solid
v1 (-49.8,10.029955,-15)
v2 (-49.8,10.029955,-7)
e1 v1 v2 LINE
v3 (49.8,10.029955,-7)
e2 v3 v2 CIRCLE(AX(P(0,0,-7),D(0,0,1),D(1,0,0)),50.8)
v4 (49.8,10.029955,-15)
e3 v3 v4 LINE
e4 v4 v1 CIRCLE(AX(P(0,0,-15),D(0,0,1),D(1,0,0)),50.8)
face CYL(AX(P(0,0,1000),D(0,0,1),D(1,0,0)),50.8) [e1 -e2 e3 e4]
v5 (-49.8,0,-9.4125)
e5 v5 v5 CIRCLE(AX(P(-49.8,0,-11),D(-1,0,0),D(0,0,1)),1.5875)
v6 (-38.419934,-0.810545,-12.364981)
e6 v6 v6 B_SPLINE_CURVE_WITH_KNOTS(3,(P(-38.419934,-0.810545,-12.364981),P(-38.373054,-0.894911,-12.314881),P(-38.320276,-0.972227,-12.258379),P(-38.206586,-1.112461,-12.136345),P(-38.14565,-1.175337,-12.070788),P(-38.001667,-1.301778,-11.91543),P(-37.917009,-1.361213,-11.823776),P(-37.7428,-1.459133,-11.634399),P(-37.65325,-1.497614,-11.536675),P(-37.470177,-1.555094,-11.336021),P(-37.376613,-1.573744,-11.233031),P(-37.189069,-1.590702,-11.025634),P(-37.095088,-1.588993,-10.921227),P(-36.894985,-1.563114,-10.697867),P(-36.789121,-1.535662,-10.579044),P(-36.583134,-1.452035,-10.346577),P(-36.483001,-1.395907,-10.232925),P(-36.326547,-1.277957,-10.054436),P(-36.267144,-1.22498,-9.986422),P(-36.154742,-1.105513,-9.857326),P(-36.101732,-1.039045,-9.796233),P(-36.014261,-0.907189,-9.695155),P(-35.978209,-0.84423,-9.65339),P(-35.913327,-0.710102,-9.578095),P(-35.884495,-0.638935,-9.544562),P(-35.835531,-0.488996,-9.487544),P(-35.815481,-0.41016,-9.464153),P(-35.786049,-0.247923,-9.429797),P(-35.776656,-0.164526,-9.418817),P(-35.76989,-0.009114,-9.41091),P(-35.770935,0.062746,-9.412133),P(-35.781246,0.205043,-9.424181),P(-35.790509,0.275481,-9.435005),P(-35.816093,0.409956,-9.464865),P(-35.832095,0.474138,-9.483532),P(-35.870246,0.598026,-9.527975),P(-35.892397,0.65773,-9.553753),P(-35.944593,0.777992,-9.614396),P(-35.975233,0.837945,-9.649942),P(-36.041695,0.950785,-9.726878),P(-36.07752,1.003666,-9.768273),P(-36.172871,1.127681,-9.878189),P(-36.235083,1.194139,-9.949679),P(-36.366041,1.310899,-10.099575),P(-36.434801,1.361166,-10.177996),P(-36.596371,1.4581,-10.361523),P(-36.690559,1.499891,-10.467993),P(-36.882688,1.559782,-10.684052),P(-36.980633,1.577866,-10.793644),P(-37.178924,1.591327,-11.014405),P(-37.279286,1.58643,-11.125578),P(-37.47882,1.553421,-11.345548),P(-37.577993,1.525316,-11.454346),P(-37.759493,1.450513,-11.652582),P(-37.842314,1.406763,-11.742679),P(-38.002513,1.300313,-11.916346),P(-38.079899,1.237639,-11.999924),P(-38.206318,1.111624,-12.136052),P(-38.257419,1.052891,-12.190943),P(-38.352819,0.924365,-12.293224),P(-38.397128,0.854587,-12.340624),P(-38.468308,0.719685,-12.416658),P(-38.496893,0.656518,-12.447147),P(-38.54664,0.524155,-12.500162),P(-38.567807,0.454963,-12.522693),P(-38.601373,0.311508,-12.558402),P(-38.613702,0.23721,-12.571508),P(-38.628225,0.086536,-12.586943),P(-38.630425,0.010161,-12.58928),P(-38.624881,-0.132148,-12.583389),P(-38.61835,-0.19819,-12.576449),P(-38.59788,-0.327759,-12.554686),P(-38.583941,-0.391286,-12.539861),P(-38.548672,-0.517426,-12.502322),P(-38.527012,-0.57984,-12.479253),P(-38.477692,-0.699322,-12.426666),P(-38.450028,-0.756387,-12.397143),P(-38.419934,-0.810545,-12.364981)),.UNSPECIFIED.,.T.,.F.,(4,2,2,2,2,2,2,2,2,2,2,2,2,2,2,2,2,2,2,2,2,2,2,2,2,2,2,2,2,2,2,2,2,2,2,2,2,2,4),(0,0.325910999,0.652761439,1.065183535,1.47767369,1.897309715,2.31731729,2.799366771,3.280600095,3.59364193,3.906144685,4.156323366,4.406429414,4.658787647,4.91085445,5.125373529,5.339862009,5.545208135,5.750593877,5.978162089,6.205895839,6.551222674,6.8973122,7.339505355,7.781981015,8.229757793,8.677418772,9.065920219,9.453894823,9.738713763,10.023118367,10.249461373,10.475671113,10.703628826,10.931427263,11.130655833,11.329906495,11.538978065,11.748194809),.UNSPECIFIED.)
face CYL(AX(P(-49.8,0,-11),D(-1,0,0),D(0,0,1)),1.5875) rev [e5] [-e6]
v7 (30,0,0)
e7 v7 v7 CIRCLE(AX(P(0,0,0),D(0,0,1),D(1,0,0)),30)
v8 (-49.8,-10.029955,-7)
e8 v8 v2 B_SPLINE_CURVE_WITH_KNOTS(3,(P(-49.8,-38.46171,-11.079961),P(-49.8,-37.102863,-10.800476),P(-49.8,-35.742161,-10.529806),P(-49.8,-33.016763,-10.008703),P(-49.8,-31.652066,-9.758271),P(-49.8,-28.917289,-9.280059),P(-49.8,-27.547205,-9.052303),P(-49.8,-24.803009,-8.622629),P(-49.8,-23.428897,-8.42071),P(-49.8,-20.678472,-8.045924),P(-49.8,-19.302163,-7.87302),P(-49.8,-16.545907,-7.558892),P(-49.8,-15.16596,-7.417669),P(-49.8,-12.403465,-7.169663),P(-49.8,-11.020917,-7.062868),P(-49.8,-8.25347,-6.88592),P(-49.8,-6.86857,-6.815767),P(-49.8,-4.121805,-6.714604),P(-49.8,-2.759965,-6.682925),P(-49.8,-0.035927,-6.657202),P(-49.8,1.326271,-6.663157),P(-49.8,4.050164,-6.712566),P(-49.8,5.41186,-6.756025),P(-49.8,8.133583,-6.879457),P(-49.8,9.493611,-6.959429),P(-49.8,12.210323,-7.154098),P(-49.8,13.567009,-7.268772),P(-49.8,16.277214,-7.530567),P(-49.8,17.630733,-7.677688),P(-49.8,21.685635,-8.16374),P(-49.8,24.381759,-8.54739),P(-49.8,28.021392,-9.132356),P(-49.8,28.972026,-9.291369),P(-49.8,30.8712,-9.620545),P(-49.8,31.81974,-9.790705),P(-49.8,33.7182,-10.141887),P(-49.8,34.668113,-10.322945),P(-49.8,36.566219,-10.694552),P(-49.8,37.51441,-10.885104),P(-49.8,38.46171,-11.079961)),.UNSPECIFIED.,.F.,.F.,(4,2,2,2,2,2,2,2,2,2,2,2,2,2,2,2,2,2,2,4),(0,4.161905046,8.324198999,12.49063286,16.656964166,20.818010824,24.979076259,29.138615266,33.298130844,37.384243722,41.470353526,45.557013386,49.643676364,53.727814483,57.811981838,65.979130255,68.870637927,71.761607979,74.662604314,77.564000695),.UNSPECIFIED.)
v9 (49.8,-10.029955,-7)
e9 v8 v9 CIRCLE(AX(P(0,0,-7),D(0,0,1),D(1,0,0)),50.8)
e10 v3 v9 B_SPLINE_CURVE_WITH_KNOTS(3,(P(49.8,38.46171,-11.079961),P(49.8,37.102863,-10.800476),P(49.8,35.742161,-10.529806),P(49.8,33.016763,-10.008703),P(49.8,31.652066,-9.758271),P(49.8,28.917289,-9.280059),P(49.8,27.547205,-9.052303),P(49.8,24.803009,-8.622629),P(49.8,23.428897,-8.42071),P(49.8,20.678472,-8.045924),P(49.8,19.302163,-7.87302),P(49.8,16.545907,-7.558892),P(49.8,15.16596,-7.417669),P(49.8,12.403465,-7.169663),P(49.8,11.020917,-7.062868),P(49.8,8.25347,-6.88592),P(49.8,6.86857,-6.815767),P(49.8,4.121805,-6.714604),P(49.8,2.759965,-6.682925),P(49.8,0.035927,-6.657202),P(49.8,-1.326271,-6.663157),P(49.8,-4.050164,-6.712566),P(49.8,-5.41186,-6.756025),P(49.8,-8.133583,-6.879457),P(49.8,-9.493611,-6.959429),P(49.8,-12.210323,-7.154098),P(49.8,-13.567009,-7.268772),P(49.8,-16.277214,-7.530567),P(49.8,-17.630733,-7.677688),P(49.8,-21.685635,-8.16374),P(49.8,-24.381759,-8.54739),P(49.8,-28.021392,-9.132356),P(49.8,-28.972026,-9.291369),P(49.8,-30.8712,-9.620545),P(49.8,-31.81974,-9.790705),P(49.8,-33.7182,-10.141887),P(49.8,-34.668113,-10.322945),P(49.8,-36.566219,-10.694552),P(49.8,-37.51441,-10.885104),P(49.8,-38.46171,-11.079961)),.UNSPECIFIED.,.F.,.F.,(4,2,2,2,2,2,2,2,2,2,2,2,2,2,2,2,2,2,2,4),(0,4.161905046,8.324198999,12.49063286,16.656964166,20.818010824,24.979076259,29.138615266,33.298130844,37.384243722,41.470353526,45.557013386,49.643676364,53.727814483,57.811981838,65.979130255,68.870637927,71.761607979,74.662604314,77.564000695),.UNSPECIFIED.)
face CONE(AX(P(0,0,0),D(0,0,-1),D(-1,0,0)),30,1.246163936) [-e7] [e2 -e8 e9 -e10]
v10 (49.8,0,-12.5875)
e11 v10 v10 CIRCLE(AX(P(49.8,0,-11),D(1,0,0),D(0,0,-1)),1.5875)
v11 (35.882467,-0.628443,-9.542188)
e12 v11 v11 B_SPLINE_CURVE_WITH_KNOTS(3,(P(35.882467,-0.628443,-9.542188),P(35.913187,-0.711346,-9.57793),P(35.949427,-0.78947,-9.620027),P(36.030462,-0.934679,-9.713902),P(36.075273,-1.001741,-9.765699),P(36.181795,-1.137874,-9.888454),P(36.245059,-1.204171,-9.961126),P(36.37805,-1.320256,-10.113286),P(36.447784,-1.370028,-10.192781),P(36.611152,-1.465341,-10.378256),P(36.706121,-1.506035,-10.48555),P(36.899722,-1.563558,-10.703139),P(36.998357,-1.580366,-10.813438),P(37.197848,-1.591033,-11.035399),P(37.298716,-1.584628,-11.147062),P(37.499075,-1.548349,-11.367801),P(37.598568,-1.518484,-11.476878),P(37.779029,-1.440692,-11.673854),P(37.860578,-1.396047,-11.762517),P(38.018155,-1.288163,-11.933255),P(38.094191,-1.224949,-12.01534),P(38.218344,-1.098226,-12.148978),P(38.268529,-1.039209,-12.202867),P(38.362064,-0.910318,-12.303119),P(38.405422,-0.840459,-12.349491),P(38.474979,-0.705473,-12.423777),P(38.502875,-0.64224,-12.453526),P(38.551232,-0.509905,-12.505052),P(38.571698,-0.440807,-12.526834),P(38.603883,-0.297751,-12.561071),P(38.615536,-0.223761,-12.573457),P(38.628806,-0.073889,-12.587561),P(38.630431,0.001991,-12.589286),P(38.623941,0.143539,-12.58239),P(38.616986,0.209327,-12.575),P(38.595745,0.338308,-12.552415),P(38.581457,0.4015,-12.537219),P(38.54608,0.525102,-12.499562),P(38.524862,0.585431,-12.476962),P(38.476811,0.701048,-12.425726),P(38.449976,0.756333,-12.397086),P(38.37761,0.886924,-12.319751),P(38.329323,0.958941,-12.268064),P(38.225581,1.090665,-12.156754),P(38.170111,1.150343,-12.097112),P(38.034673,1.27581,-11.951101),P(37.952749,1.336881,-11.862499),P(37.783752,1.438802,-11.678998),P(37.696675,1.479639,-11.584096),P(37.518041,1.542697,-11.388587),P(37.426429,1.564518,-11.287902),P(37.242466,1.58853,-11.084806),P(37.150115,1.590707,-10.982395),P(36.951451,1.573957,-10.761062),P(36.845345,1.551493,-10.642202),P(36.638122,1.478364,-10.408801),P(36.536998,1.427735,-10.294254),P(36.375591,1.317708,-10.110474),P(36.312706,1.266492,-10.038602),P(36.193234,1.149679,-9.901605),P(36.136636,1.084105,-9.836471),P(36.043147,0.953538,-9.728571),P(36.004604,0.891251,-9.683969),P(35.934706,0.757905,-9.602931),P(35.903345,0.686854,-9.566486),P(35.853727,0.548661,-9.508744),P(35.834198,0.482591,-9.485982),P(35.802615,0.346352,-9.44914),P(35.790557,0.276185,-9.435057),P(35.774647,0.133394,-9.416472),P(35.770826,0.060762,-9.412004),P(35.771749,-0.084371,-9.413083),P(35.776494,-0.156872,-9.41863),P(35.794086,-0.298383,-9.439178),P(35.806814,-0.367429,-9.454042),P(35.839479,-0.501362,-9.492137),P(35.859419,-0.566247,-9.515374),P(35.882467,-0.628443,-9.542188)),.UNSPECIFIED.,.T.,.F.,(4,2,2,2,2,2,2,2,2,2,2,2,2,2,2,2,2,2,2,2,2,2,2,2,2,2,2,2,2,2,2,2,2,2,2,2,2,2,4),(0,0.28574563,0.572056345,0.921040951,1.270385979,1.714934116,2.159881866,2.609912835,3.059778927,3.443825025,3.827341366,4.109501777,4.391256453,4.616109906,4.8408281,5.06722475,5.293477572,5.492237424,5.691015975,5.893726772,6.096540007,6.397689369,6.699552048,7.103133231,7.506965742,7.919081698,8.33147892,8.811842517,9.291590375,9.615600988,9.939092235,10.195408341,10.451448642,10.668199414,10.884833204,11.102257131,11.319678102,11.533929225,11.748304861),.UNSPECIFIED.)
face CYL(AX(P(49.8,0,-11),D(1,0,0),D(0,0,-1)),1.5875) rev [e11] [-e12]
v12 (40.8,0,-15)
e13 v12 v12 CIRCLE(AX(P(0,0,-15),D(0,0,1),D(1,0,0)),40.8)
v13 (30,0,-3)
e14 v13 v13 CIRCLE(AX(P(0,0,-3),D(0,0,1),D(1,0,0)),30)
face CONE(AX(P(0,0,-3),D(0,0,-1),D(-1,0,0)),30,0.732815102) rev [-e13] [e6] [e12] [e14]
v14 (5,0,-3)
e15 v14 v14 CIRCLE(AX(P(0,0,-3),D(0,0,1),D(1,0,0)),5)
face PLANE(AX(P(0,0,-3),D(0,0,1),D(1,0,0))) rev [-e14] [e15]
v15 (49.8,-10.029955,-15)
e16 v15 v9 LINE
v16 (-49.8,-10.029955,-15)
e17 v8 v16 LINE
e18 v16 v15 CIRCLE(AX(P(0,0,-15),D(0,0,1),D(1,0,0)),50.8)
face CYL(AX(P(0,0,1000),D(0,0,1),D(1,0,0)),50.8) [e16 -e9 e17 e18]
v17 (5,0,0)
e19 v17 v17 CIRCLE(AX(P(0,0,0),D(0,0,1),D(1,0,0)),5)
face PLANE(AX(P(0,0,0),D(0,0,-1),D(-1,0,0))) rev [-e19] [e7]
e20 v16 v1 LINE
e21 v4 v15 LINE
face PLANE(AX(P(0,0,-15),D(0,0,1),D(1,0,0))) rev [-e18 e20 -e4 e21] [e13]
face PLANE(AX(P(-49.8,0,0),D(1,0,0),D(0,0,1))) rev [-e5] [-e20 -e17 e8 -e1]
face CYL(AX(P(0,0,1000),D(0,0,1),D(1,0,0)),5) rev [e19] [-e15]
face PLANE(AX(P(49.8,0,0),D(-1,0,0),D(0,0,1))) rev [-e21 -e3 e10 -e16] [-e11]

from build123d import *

# Parameters (mm, degrees)
SKETCH5_W                         = 25
SKETCH5_H                         = 25
CUT_EXTRUDE3_DEPTH                = 1
F_1_8_0_125_DIAMETER_HOLE2_REACH  = 115.234
F_1_8_0_125_DIAMETER_HOLE2_BORE_R = 1.5875


with BuildPart() as part:
    # Sketch2 → Revolve1 (revolve)
    with BuildSketch(Plane(origin=(0, 0, 0), x_dir=(0, 0, -1), z_dir=(1, 0, 0)), mode=Mode.PRIVATE) as revolve1_sk:
        Polygon((0, 30), (7, 50.8), (15, 50.8), (15, 40.8), (3, 30), (3, 5), (0, 5), align=None)
    revolve(revolve1_sk.sketch.rotate(Axis((0, 0, 1000), (0, 0, -1)), 90), axis=Axis((0, 0, 1000), (0, 0, -1)))

    # Sketch5 → Cut-Extrude3 (cut)
    with BuildSketch(Plane(origin=(50.8, 0, 0), x_dir=(0, 0, -1), z_dir=(1, 0, 0))):
        with Locations((10, 0)):
            Rectangle(SKETCH5_W, SKETCH5_H)
    cut_extrude3 = extrude(amount=-CUT_EXTRUDE3_DEPTH, mode=Mode.SUBTRACT)

    # 1/8 (0.125) Diameter Hole2 bore (on position points) → 1/8 (0.125) Diameter Hole2 (cut, up to next)
    with BuildSketch(Plane(origin=(49.8, 0, -11), x_dir=(0, 0, 1), z_dir=(1, 0, 0)), mode=Mode.PRIVATE) as f_1_8_0_125_diameter_hole2_sk1:
        Circle(F_1_8_0_125_DIAMETER_HOLE2_BORE_R)
    f_1_8_0_125_diameter_hole2_tool1 = extrude(f_1_8_0_125_diameter_hole2_sk1.sketch, amount=-F_1_8_0_125_DIAMETER_HOLE2_REACH, mode=Mode.PRIVATE) & part.part
    f_1_8_0_125_diameter_hole2 = f_1_8_0_125_diameter_hole2_tool1.solids().sort_by_distance((49.8, 0, -11))[0]
    add(f_1_8_0_125_diameter_hole2, mode=Mode.SUBTRACT)

    # Mirror2: Cut-Extrude3, 1/8 (0.125) Diameter Hole2 across plane
    add(cut_extrude3.mirror(Plane(origin=(0, 0, 0), x_dir=(0, 0, 1), z_dir=(1, 0, 0))), mode=Mode.SUBTRACT)
    add(f_1_8_0_125_diameter_hole2.mirror(Plane(origin=(0, 0, 0), x_dir=(0, 0, 1), z_dir=(1, 0, 0))), mode=Mode.SUBTRACT)


solid = part.part
